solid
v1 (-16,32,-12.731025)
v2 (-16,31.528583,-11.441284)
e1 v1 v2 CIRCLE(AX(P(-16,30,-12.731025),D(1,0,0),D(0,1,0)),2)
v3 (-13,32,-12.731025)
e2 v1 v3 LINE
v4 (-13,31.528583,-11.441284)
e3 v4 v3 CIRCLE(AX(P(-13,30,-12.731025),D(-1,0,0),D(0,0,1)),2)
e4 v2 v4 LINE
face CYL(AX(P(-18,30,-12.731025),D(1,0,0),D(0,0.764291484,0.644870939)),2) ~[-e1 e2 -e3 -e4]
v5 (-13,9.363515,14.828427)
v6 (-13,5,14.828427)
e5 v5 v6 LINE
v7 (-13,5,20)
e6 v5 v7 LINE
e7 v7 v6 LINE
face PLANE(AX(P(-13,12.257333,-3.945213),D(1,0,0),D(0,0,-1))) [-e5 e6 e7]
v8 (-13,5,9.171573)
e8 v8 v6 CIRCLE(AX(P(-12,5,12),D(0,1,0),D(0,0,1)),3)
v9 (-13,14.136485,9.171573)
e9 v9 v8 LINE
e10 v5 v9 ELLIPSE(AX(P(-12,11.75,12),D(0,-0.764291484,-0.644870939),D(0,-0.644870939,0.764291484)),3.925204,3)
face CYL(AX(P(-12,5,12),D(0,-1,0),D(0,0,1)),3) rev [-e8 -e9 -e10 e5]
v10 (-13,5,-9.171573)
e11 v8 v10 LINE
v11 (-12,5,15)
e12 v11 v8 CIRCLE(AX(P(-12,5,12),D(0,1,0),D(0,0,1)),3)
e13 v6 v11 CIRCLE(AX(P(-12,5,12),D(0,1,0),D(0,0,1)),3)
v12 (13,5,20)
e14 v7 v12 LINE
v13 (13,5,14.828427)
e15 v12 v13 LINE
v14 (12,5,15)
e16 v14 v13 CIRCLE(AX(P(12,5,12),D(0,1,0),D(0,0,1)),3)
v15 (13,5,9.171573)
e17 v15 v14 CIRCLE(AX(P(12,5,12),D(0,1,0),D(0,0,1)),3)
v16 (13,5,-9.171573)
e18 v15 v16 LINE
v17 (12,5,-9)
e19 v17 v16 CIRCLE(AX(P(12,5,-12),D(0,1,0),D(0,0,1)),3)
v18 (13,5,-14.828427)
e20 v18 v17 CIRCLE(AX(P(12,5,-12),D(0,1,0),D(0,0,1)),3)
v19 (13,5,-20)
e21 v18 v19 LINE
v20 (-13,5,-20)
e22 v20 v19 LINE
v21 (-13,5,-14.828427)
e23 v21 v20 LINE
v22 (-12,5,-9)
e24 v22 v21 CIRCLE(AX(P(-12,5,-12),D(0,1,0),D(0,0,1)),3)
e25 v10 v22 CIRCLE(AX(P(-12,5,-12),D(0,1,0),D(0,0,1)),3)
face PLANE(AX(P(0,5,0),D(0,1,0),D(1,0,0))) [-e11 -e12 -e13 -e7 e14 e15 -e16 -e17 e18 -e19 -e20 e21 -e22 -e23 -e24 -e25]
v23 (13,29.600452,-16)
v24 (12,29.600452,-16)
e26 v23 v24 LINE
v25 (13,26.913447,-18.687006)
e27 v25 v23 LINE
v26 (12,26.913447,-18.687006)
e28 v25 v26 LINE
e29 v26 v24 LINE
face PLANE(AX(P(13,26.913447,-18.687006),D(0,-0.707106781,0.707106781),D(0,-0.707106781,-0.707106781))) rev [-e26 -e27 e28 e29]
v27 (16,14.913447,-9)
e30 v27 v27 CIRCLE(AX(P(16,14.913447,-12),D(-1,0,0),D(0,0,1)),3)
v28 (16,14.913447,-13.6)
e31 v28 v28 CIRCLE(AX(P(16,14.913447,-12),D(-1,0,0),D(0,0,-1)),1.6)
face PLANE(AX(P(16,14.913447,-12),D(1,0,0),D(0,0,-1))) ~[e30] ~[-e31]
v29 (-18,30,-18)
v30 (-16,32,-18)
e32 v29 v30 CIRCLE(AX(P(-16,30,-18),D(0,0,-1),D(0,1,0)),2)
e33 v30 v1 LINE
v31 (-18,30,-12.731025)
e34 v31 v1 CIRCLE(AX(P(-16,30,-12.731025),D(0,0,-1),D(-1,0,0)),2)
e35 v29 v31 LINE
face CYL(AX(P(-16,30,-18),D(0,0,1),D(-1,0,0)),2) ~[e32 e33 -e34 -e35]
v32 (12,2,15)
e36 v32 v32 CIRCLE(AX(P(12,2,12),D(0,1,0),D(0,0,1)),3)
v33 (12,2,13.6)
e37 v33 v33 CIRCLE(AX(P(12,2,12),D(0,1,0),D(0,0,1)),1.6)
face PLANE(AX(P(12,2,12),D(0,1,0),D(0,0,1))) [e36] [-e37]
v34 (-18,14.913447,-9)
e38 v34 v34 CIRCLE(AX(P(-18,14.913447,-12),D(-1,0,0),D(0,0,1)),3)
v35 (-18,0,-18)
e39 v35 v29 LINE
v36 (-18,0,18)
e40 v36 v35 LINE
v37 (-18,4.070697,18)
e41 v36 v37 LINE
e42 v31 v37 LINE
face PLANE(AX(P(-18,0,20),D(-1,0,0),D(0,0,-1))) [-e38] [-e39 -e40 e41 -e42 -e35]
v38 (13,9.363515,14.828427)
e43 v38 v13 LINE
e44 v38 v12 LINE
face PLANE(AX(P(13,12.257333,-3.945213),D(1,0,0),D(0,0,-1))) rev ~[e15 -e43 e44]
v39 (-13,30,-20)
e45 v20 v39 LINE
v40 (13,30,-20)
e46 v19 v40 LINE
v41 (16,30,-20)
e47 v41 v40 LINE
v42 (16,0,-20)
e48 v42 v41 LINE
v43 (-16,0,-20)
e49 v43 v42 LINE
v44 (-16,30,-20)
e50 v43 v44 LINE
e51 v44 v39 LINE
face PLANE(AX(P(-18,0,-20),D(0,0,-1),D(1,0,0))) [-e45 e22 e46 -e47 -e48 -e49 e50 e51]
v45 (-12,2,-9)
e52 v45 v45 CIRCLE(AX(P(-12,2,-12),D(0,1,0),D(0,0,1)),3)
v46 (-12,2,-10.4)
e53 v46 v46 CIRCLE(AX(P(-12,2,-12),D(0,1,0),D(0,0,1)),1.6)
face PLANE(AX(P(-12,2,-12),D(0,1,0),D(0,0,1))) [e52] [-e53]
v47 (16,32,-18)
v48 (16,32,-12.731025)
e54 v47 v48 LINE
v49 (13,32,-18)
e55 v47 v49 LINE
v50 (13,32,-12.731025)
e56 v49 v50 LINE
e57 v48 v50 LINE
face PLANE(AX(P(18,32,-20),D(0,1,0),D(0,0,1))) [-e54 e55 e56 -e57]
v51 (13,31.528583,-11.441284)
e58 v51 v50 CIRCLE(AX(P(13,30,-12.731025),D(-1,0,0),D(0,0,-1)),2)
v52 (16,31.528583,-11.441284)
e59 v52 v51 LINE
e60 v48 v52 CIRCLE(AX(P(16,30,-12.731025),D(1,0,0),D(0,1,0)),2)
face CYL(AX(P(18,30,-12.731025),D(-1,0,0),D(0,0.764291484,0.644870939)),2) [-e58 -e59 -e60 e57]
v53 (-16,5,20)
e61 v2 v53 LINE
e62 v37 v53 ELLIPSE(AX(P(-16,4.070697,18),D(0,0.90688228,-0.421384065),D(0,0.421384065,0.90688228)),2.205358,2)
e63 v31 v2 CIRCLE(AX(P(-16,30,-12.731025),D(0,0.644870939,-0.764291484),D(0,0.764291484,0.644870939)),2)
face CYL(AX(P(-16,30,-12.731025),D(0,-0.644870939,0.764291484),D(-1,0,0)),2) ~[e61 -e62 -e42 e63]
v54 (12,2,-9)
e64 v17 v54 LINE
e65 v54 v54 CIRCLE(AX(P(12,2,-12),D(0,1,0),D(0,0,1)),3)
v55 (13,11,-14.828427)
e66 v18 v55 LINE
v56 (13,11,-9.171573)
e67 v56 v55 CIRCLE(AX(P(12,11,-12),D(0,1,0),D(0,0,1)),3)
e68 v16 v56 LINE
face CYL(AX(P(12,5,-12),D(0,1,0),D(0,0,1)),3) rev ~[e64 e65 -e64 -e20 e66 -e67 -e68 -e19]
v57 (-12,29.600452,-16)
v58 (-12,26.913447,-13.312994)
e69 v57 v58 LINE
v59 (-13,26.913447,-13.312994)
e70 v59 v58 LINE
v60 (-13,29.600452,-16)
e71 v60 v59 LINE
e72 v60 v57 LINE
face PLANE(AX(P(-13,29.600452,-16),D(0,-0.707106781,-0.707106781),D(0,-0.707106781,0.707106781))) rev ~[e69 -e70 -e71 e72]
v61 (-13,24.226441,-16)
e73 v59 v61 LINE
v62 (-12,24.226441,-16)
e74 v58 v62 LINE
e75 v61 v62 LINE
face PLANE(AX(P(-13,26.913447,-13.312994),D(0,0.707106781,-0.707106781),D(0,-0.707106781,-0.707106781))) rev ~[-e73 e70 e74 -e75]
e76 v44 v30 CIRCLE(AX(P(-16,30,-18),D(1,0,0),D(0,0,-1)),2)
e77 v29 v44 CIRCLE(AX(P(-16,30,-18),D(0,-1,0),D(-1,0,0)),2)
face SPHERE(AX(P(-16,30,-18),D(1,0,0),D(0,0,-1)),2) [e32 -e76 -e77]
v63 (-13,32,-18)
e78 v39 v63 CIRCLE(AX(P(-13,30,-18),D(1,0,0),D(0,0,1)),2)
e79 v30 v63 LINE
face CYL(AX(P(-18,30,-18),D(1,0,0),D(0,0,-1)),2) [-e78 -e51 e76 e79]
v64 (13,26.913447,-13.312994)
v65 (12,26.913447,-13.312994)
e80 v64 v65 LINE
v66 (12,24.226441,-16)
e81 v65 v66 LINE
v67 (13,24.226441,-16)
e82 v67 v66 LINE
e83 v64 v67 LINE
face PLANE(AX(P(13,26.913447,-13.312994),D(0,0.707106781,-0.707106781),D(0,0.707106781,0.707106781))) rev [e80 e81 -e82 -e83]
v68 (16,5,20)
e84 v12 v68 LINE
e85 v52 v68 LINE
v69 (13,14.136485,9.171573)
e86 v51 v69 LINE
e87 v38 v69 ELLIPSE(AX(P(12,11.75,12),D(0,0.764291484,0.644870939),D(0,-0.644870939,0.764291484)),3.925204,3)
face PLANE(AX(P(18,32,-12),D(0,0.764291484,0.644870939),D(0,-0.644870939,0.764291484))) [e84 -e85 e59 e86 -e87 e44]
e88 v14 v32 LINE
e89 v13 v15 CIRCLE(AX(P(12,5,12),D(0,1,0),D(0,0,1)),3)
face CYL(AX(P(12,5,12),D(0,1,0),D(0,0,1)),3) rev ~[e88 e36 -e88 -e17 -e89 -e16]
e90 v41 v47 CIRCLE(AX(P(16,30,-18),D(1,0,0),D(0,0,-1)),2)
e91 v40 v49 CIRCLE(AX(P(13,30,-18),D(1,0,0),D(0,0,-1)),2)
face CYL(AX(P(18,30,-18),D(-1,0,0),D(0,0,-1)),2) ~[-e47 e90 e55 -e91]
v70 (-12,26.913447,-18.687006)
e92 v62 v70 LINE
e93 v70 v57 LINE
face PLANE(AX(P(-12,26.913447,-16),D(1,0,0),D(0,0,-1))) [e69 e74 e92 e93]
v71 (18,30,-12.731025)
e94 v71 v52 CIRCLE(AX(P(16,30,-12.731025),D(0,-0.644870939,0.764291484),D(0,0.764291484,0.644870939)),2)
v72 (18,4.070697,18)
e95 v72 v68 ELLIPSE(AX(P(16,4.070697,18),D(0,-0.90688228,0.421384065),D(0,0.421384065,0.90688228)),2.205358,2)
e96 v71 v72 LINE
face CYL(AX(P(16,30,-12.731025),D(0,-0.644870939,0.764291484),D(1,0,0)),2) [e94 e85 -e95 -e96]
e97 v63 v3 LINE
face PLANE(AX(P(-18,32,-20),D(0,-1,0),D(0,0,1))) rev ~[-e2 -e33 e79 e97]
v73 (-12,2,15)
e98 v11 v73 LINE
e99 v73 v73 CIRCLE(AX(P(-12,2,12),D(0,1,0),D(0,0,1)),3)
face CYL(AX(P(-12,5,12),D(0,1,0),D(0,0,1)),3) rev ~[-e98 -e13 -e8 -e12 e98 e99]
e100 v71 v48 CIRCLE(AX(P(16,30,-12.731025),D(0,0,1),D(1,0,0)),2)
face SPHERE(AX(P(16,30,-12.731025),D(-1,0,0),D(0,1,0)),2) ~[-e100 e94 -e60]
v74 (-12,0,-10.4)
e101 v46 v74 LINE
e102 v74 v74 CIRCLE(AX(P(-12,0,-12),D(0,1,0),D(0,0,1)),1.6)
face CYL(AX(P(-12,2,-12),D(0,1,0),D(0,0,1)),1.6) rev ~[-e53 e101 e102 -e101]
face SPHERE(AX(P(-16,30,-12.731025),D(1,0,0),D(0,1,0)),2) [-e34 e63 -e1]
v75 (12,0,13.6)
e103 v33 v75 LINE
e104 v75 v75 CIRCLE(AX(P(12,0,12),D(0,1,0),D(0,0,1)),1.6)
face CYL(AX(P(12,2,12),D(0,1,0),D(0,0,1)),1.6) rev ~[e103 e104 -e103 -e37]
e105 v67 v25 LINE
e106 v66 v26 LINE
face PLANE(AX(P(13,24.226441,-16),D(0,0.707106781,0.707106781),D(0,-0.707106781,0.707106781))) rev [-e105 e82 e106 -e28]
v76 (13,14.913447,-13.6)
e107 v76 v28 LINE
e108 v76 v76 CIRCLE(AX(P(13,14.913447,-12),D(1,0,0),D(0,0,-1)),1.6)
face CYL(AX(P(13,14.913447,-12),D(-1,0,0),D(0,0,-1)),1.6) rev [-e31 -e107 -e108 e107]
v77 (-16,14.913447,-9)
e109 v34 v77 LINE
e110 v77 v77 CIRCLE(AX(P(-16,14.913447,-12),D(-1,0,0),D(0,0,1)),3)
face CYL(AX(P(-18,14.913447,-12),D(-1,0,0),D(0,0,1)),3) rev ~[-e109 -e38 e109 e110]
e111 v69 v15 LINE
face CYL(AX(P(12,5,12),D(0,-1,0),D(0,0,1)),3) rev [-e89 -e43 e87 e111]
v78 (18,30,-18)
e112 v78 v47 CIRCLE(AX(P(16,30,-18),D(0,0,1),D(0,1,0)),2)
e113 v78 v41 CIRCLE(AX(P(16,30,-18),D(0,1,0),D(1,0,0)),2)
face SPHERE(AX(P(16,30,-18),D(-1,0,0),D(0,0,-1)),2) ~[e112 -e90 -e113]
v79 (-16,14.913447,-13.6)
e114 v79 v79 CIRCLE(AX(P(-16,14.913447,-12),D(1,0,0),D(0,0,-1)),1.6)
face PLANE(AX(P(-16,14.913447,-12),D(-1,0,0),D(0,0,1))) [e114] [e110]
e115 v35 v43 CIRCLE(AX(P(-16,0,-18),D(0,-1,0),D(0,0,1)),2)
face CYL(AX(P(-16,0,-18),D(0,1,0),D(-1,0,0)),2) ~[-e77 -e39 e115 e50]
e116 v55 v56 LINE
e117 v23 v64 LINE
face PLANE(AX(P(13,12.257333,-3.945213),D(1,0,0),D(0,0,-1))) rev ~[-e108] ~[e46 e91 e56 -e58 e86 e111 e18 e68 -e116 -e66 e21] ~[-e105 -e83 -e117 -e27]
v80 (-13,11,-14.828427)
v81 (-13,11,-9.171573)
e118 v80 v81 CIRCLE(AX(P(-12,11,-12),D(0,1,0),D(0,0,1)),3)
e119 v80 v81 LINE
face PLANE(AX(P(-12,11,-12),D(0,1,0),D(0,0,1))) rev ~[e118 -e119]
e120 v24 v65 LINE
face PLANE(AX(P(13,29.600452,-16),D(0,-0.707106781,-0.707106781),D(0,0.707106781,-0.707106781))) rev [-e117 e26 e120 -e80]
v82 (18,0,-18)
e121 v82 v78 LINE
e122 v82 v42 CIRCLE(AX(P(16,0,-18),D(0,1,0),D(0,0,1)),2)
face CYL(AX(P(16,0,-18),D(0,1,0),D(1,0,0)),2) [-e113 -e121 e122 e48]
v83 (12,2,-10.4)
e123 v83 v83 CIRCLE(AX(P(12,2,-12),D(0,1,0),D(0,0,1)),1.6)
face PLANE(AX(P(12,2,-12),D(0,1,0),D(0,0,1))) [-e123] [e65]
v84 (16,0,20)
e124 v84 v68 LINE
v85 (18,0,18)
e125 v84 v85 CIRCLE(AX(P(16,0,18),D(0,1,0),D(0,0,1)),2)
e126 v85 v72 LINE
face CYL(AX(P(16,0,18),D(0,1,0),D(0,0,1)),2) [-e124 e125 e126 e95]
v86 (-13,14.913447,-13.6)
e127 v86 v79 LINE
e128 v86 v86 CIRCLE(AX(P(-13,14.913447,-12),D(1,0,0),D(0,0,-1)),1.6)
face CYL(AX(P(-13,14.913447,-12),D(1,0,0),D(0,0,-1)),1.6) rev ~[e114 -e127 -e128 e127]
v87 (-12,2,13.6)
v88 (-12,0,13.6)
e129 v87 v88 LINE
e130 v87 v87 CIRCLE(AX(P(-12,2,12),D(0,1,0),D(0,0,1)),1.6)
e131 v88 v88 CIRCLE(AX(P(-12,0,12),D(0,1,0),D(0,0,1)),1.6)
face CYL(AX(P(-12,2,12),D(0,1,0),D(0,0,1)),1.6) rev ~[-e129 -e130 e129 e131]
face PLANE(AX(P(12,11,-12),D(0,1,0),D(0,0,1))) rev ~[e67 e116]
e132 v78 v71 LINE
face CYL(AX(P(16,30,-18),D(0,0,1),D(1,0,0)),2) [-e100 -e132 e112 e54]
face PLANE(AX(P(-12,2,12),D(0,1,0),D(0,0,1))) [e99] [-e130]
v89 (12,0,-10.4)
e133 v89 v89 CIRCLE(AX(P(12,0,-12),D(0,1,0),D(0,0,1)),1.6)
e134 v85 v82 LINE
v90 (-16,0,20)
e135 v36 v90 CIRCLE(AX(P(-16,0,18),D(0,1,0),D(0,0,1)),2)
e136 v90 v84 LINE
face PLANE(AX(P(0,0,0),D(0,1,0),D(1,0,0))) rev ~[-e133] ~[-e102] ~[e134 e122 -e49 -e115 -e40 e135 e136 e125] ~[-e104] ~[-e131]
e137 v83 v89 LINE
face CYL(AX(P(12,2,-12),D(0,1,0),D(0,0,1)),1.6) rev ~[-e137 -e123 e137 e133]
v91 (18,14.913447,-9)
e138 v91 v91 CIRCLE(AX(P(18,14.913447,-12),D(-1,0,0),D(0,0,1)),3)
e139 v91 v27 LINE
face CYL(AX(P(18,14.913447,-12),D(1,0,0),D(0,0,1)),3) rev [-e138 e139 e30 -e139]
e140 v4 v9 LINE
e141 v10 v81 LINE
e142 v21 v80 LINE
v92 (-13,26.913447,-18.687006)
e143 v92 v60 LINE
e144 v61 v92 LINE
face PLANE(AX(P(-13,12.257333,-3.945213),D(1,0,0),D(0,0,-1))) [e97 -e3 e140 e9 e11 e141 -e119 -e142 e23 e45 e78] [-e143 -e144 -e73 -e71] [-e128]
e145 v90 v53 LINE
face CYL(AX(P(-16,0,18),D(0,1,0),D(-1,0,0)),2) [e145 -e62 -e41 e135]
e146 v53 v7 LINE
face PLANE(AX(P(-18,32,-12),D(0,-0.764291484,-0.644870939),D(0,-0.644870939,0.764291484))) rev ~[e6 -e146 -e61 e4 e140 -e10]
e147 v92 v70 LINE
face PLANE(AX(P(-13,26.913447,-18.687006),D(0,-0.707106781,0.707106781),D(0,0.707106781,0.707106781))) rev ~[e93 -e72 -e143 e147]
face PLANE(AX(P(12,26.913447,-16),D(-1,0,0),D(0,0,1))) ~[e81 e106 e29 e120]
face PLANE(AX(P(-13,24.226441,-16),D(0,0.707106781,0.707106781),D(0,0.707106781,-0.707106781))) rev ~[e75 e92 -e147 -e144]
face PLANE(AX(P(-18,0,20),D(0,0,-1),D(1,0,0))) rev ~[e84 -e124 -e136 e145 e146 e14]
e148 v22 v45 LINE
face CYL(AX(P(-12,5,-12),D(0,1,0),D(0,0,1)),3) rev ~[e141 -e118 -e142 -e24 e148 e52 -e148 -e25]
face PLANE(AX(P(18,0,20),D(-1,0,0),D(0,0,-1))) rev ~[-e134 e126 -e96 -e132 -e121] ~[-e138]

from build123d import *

# Parameters (mm, degrees)
SKETCH1_W       = 36
SKETCH1_H       = 40
EXTRUDE1_DEPTH  = 5
EXTRUDE2_DEPTH  = 5
EXTRUDE3_DEPTH  = 5
SKETCH4_R       = 3
EXTRUDE4_DEPTH  = 3
SKETCH5_R       = 1.6
EXTRUDE5_DEPTH  = 3
EXTRUDE6_START  = 6
SKETCH6_R       = 3
EXTRUDE6_DEPTH  = 6
FILLET1_R       = 2
EXTRUDE7_DEPTH  = 1
SKETCH9_R       = 1.6
EXTRUDE8_DEPTH  = 49.836461788
SKETCH10_R      = 3
EXTRUDE9_DEPTH  = 2
SKETCH11_R      = 3
EXTRUDE10_DEPTH = 39.118237105
FILLET2_R       = 2


with BuildPart() as part:
    # Sketch1 → Extrude1 (new body)
    with BuildSketch(Plane(origin=(0, 0, 0), x_dir=(1, 0, 0), z_dir=(0, 1, 0))):
        Rectangle(SKETCH1_W, SKETCH1_H)
    extrude(amount=EXTRUDE1_DEPTH)

    # Sketch2 → Extrude2 (add)
    with BuildSketch(Plane.ZY.offset(18)):
        Polygon((-20, 0), (-20, 32), (-12, 32), (20, 5), (20, 0), align=None)
    extrude(amount=-EXTRUDE2_DEPTH)

    # Sketch3 → Extrude3 (add)
    with BuildSketch(Plane(origin=(18, 0, 0), x_dir=(0, 0, -1), z_dir=(1, 0, 0))):
        Polygon((20, 0), (20, 32), (12, 32), (-20, 5), (-20, 0), align=None)
    extrude(amount=-EXTRUDE3_DEPTH)

    # Sketch4 → Extrude4 (cut)
    with BuildSketch(Plane(origin=(0, 5, 0), x_dir=(1, 0, 0), z_dir=(0, 1, 0))):
        with Locations(Location((-12, 12, 0), (0, 0, 270))):
            Circle(SKETCH4_R)
        with Locations(Location((-12, -12, 0), (0, 0, 270))):
            Circle(SKETCH4_R)
        with Locations(Location((12, 12, 0), (0, 0, 270))):
            Circle(SKETCH4_R)
        with Locations(Location((12, -12, 0), (0, 0, 270))):
            Circle(SKETCH4_R)
    extrude(amount=-EXTRUDE4_DEPTH, mode=Mode.SUBTRACT)

    # Sketch5 → Extrude5 (cut)
    with BuildSketch(Plane(origin=(0, 2, 0), x_dir=(1, 0, 0), z_dir=(0, 1, 0))):
        with Locations(Location((-12, 12, 0), (0, 0, 270))):
            Circle(SKETCH5_R)
        with Locations(Location((-12, -12, 0), (0, 0, 270))):
            Circle(SKETCH5_R)
        with Locations(Location((12, -12, 0), (0, 0, 270))):
            Circle(SKETCH5_R)
        with Locations(Location((12, 12, 0), (0, 0, 270))):
            Circle(SKETCH5_R)
    extrude(amount=-EXTRUDE5_DEPTH, mode=Mode.SUBTRACT)

    # Sketch6 → Extrude6 (cut)
    with BuildSketch(Plane(origin=(0, 5, 0), x_dir=(1, 0, 0), z_dir=(0, 1, 0)).offset(EXTRUDE6_START)):
        with Locations(Location((-12, 12, 0), (0, 0, 270))):
            Circle(SKETCH6_R)
        with Locations(Location((12, 12, 0), (0, 0, 270))):
            Circle(SKETCH6_R)
    extrude(amount=-EXTRUDE6_DEPTH, mode=Mode.SUBTRACT)

    # Fillet1
    fillet1_edges = [part.edges().sort_by_distance(p)[0] for p in [
        (-15.5, 32, -20),
        (-15.5, 32, -12),
        (15.5, 32, -20),
        (15.5, 32, -12),
    ]]
    fillet(fillet1_edges, radius=FILLET1_R)

    # Sketch7 → Extrude7 (add)
    with BuildSketch(Plane(origin=(-13, 0, 0), x_dir=(0, 0, -1), z_dir=(1, 0, 0))):
        Polygon((16, 29.600452322), (13.312994231, 26.913446553), (16, 24.226440785), (18.687005769, 26.913446553), align=None)
    extrude7 = extrude(amount=EXTRUDE7_DEPTH)

    # Sketch9 → Extrude8 (cut, through all)
    with BuildSketch(Plane(origin=(-13, 0, 0), x_dir=(0, 0, -1), z_dir=(1, 0, 0))):
        with Locations((12, 14.913446553)):
            Circle(SKETCH9_R)
    extrude8 = extrude(amount=-EXTRUDE8_DEPTH, mode=Mode.SUBTRACT)

    # Sketch10 → Extrude9 (cut)
    with BuildSketch(Plane.ZY.offset(18)):
        with Locations((-12, 14.913446553)):
            Circle(SKETCH10_R)
    extrude9 = extrude(amount=-EXTRUDE9_DEPTH, mode=Mode.SUBTRACT)

    # Mirror2: Extrude7, Extrude8, Extrude9 across plane
    add(extrude7.mirror(Plane(origin=(0, 0, 0), x_dir=(0, 0, 1), z_dir=(1, 0, 0))))
    add(extrude8.mirror(Plane(origin=(0, 0, 0), x_dir=(0, 0, 1), z_dir=(1, 0, 0))), mode=Mode.SUBTRACT)
    add(extrude9.mirror(Plane(origin=(0, 0, 0), x_dir=(0, 0, 1), z_dir=(1, 0, 0))), mode=Mode.SUBTRACT)

    # Sketch11 → Extrude10 (cut, through all)
    with BuildSketch(Plane(origin=(0, 5, 0), x_dir=(1, 0, 0), z_dir=(0, 1, 0))):
        with Locations(Location((-12, -12, 0), (0, 0, 270))):
            Circle(SKETCH11_R)
        with Locations(Location((12, -12, 0), (0, 0, 270))):
            Circle(SKETCH11_R)
    extrude(amount=EXTRUDE10_DEPTH, mode=Mode.SUBTRACT)

    # Fillet2
    fillet2_edges = [part.edges().sort_by_distance(p)[0] for p in [
        (-18, 32, -15.365512697),
        (-18, 15, -20),
        (-18, 31.414213562, -19.414213562),
        (-18, 31.87845228, -12.044427235),
        (18, 32, -15.365512697),
        (18, 15, -20),
        (18, 18.264291484, 4.279358242),
        (18, 31.414213562, -19.414213562),
        (18, 31.87845228, -12.044427235),
        (-18, 18.264291484, 4.279358242),
        (18, 2.5, 20),
        (-18, 2.5, 20),
    ]]
    fillet(fillet2_edges, radius=FILLET2_R)


solid = part.part
